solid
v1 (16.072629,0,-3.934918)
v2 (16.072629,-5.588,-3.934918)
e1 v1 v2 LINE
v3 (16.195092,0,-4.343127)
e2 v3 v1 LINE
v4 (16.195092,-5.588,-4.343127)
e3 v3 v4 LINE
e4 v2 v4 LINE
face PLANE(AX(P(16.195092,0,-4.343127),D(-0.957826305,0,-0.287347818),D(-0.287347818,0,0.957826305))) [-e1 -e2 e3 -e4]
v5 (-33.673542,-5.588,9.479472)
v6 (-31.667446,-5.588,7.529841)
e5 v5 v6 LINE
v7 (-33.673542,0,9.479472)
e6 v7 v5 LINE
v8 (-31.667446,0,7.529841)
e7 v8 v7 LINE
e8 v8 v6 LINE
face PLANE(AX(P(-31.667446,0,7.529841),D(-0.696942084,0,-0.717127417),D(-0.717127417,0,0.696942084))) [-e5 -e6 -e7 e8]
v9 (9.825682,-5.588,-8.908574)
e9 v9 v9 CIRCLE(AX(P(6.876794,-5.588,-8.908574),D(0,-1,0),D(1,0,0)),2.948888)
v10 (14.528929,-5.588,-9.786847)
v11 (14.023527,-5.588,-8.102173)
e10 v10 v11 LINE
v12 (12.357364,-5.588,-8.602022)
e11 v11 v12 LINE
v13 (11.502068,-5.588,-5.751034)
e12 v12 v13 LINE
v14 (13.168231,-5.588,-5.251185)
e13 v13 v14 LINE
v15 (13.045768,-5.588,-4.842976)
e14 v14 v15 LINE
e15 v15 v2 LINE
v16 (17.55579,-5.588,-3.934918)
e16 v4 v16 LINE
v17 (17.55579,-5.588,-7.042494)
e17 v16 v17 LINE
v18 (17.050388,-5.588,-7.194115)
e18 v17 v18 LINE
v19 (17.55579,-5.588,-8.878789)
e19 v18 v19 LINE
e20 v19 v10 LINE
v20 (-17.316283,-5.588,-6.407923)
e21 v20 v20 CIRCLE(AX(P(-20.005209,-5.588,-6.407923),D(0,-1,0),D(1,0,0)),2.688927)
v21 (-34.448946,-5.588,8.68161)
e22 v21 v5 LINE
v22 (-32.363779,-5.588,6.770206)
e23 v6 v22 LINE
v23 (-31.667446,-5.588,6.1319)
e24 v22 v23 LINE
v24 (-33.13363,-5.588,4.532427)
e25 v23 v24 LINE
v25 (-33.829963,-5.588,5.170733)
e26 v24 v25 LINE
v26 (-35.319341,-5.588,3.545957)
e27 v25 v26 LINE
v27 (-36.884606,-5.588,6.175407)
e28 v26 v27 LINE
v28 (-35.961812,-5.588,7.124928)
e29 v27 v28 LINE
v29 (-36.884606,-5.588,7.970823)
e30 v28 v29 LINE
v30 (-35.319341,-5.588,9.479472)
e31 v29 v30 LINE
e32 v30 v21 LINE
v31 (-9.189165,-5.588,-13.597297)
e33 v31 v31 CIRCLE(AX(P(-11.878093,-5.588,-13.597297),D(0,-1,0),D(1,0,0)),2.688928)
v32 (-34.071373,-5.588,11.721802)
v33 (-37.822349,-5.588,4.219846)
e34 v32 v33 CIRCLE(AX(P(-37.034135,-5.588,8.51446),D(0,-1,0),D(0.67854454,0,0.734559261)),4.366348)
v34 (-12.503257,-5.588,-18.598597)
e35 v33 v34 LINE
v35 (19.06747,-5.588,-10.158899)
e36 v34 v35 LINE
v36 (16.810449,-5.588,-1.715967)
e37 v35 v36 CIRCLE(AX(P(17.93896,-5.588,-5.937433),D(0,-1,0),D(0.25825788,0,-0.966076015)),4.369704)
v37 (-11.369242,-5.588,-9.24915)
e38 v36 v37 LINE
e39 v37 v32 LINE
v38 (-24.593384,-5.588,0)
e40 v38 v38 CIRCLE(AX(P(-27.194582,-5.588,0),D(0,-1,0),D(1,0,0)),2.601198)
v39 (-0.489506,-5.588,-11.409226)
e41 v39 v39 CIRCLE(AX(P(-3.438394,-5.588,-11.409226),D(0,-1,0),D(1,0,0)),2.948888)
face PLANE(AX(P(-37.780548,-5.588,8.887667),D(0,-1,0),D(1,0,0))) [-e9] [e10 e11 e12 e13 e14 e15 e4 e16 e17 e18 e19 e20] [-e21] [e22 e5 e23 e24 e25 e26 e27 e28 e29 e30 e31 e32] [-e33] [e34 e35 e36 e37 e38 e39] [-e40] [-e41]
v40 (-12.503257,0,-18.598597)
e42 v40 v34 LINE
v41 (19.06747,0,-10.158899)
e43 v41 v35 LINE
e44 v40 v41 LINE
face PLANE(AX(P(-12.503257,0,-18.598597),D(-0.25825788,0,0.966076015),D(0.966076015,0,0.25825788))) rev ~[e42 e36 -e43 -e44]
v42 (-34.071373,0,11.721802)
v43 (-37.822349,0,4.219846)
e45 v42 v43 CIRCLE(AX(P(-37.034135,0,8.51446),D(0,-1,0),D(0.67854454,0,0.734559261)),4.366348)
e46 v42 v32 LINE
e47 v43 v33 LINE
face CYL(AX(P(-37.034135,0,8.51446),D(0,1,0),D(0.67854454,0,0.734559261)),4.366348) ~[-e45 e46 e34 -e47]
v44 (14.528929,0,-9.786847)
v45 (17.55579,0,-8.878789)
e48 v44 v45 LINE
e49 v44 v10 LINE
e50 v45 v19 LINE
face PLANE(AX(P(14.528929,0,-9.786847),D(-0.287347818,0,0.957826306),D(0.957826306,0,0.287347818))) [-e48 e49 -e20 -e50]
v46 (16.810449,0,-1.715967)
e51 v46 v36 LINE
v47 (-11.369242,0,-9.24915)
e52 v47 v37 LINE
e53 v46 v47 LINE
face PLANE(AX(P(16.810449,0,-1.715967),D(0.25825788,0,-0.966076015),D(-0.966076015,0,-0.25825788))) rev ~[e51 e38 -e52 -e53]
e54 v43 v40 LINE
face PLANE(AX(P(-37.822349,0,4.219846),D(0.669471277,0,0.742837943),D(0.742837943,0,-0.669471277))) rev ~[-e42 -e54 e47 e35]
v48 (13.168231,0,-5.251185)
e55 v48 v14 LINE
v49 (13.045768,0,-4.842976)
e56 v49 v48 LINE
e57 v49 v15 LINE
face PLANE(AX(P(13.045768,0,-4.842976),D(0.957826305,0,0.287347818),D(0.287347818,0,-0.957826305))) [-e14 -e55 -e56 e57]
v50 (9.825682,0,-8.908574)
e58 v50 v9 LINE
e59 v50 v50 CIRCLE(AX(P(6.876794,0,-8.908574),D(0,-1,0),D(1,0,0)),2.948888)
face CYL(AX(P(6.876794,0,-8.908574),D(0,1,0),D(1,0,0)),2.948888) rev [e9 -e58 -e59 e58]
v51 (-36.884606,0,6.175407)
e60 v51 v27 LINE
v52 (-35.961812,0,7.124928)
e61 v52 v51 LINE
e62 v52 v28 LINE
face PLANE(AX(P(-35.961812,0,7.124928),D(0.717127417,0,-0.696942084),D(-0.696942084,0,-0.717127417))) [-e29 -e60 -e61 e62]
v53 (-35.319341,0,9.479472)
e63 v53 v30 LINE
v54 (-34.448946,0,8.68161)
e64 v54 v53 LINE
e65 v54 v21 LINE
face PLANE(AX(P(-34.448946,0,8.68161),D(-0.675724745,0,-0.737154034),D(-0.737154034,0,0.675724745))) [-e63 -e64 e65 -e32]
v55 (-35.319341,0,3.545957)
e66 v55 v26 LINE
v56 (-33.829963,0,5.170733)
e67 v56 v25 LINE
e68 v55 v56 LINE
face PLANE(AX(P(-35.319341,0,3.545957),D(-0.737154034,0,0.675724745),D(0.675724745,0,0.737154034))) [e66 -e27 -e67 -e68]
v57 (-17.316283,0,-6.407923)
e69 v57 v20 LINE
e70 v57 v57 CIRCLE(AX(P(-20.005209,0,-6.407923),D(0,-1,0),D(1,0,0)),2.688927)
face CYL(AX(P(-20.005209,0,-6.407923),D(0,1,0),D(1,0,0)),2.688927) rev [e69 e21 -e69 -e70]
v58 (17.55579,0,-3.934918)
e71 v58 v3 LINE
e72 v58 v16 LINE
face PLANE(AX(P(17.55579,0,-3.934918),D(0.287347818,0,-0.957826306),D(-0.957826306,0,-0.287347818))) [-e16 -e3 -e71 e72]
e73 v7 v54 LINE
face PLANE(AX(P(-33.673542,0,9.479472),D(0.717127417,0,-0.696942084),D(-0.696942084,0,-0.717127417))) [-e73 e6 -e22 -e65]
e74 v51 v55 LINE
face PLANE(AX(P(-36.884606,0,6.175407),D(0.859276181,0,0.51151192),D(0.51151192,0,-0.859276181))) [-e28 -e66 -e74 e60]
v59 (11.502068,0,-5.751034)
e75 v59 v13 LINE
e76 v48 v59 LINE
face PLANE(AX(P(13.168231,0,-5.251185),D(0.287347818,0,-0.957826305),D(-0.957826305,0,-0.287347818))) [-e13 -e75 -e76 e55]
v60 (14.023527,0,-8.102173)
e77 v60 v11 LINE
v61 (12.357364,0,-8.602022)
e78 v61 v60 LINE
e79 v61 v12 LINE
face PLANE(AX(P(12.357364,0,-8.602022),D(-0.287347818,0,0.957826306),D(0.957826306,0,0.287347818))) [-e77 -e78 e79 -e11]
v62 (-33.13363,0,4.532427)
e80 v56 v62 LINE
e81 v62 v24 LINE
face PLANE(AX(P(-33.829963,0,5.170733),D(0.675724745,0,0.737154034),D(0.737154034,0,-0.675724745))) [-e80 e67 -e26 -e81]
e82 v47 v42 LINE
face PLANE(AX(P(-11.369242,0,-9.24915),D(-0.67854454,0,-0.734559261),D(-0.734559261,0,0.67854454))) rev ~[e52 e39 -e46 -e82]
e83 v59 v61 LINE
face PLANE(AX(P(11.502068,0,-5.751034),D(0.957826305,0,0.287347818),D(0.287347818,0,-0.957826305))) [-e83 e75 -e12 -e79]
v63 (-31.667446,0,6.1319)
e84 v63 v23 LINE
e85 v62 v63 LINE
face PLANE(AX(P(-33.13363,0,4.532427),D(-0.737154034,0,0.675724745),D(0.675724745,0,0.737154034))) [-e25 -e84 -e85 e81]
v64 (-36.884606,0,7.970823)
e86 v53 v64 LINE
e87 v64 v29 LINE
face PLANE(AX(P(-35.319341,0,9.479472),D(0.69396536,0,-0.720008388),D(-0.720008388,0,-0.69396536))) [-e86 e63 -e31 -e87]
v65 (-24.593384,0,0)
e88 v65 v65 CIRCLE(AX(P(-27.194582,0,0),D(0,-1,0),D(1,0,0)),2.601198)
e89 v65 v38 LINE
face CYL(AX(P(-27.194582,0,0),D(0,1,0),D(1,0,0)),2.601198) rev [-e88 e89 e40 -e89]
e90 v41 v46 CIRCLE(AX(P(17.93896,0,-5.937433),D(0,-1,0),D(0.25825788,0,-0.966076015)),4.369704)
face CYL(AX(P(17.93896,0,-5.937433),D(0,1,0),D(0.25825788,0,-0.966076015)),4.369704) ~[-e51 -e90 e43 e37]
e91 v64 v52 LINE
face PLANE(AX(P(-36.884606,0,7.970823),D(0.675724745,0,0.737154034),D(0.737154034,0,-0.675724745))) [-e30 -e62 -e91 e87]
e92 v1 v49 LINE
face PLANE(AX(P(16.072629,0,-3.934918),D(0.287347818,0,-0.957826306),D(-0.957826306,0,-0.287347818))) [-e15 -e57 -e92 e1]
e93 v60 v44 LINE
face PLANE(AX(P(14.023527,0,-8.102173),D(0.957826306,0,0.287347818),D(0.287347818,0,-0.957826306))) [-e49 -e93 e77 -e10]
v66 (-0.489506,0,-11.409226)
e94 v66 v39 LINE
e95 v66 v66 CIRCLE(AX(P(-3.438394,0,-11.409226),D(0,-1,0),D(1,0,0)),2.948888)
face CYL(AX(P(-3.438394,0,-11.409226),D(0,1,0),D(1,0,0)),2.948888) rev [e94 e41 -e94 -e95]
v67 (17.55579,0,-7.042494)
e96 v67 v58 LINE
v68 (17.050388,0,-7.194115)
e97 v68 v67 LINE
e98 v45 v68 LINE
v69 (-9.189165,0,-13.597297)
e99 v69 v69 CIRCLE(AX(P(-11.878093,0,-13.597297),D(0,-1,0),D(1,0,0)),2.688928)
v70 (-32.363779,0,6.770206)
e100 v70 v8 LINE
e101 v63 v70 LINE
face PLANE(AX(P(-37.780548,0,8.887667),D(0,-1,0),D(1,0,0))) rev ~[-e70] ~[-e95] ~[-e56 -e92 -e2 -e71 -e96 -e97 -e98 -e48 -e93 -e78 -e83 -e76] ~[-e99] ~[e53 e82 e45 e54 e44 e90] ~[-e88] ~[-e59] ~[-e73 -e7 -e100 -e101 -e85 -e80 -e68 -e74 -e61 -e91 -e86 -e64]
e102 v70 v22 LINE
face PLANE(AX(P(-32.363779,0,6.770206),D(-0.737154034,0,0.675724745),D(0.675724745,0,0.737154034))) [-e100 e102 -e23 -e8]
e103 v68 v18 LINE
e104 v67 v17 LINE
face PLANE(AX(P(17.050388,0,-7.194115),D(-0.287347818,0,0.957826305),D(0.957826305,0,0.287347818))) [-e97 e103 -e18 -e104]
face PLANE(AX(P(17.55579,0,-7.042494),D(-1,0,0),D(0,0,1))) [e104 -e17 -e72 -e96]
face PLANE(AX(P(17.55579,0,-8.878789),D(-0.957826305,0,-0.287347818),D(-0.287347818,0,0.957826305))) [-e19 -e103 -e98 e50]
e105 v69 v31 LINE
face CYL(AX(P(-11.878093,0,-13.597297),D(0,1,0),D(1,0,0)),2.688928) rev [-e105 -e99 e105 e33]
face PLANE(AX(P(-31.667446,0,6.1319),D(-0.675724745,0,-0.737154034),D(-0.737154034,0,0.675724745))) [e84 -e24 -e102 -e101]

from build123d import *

# Parameters (mm, degrees)
F0_R     = 2.6889277986
F0_R_2   = 2.6889267701
F0_R_3   = 2.9488881839
F0_R_4   = 2.9488879864
F0_R_5   = 2.6011976918
F1_DEPTH = 5.588
F3_DEPTH = 25.4


with BuildPart() as f1:
    # F0 (on Front) → F1 (new body)
    with BuildSketch(Plane.XZ):
        with BuildLine():
            ThreePointArc((-34.0713728219, 11.7218019441), (-40.9395154656, 10.4671499448), (-37.822348997, 4.2198458686))
            Line((-37.822348997, 4.2198458686), (-34.0713728219, 11.7218019441))
        make_face()
        Polygon((-34.0713728219, 11.7218019441), (-37.822348997, 4.2198458686), (-12.5032570213, -18.5985965654), (19.06747045, -10.1588992402), (16.8104494119, -1.715966592), (-11.3692423152, -9.2491496367), align=None)
        with Locations((-11.8780927733, -13.5972965509)):
            Circle(F0_R, mode=Mode.SUBTRACT)
        with Locations((-20.0052093714, -6.4079230651)):
            Circle(F0_R_2, mode=Mode.SUBTRACT)
        with Locations((-3.438394051, -11.4092258736)):
            Circle(F0_R_3, mode=Mode.SUBTRACT)
        with Locations((6.8767941557, -8.9085744694)):
            Circle(F0_R_4, mode=Mode.SUBTRACT)
        with Locations((-27.1945819259, 0)):
            Circle(F0_R_5, mode=Mode.SUBTRACT)
        with BuildLine():
            Line((16.8104494119, -1.715966592), (19.06747045, -10.1588992402))
            ThreePointArc((19.06747045, -10.1588992402), (22.160426255, -4.8089223971), (16.8104494119, -1.715966592))
        make_face()
    extrude(amount=F1_DEPTH)

    # F2 (on Front) → F3 (cut)
    with BuildSketch(Plane.XZ):
        Polygon((-35.3193406819, 9.4794718295), (-36.8846058846, 7.970822975), (-35.9618117305, 7.1249280665), (-34.4489463628, 8.6816101182), align=None)
        Polygon((-34.4489463628, 8.6816101182), (-35.9618117305, 7.1249280665), (-35.1397266359, 6.371349825), (-33.6735424516, 7.970822975), align=None)
        Polygon((-35.1397266359, 6.371349825), (-35.9618117305, 7.1249280665), (-36.8846058846, 6.1754072912), (-35.3193406819, 3.5459571188), (-33.8299627405, 5.1707325415), align=None)
        Polygon((-33.6735424516, 7.970822975), (-35.1397266359, 6.371349825), (-33.8299627405, 5.1707325415), (-32.3637785563, 6.7702056915), align=None)
        Polygon((-33.6735424516, 9.4794718295), (-34.4489463628, 8.6816101182), (-33.6735424516, 7.970822975), (-32.3637785563, 6.7702056915), (-31.6674455253, 7.5298414853), align=None)
        Polygon((-32.3637785563, 6.7702056915), (-33.8299627405, 5.1707325415), (-33.1336297095, 4.5324270613), (-31.6674455253, 6.1319002114), align=None)
        Polygon((13.1682306579, -5.2511854432), (11.5020675585, -5.7510342449), (12.3573635848, -8.6020217302), (14.0235266842, -8.1021729286), align=None)
        Polygon((13.0457678887, -4.8429761082), (13.1682306579, -5.2511854432), (16.1950918896, -4.3431273065), (16.0726291205, -3.9349179715), align=None)
        Polygon((16.1950918896, -4.3431273065), (13.1682306579, -5.2511854432), (14.0235266842, -8.1021729286), (17.0503879159, -7.1941147919), align=None)
        Polygon((17.555790022, -3.9349179715), (16.1950918896, -4.3431273065), (17.0503879159, -7.1941147919), (17.555790022, -7.0424941989), align=None)
        Polygon((17.0503879159, -7.1941147919), (14.0235266842, -8.1021729286), (14.5289287902, -9.7868470475), (17.555790022, -8.8787889108), align=None)
    extrude(amount=F3_DEPTH, mode=Mode.SUBTRACT)


solid = f1.part
